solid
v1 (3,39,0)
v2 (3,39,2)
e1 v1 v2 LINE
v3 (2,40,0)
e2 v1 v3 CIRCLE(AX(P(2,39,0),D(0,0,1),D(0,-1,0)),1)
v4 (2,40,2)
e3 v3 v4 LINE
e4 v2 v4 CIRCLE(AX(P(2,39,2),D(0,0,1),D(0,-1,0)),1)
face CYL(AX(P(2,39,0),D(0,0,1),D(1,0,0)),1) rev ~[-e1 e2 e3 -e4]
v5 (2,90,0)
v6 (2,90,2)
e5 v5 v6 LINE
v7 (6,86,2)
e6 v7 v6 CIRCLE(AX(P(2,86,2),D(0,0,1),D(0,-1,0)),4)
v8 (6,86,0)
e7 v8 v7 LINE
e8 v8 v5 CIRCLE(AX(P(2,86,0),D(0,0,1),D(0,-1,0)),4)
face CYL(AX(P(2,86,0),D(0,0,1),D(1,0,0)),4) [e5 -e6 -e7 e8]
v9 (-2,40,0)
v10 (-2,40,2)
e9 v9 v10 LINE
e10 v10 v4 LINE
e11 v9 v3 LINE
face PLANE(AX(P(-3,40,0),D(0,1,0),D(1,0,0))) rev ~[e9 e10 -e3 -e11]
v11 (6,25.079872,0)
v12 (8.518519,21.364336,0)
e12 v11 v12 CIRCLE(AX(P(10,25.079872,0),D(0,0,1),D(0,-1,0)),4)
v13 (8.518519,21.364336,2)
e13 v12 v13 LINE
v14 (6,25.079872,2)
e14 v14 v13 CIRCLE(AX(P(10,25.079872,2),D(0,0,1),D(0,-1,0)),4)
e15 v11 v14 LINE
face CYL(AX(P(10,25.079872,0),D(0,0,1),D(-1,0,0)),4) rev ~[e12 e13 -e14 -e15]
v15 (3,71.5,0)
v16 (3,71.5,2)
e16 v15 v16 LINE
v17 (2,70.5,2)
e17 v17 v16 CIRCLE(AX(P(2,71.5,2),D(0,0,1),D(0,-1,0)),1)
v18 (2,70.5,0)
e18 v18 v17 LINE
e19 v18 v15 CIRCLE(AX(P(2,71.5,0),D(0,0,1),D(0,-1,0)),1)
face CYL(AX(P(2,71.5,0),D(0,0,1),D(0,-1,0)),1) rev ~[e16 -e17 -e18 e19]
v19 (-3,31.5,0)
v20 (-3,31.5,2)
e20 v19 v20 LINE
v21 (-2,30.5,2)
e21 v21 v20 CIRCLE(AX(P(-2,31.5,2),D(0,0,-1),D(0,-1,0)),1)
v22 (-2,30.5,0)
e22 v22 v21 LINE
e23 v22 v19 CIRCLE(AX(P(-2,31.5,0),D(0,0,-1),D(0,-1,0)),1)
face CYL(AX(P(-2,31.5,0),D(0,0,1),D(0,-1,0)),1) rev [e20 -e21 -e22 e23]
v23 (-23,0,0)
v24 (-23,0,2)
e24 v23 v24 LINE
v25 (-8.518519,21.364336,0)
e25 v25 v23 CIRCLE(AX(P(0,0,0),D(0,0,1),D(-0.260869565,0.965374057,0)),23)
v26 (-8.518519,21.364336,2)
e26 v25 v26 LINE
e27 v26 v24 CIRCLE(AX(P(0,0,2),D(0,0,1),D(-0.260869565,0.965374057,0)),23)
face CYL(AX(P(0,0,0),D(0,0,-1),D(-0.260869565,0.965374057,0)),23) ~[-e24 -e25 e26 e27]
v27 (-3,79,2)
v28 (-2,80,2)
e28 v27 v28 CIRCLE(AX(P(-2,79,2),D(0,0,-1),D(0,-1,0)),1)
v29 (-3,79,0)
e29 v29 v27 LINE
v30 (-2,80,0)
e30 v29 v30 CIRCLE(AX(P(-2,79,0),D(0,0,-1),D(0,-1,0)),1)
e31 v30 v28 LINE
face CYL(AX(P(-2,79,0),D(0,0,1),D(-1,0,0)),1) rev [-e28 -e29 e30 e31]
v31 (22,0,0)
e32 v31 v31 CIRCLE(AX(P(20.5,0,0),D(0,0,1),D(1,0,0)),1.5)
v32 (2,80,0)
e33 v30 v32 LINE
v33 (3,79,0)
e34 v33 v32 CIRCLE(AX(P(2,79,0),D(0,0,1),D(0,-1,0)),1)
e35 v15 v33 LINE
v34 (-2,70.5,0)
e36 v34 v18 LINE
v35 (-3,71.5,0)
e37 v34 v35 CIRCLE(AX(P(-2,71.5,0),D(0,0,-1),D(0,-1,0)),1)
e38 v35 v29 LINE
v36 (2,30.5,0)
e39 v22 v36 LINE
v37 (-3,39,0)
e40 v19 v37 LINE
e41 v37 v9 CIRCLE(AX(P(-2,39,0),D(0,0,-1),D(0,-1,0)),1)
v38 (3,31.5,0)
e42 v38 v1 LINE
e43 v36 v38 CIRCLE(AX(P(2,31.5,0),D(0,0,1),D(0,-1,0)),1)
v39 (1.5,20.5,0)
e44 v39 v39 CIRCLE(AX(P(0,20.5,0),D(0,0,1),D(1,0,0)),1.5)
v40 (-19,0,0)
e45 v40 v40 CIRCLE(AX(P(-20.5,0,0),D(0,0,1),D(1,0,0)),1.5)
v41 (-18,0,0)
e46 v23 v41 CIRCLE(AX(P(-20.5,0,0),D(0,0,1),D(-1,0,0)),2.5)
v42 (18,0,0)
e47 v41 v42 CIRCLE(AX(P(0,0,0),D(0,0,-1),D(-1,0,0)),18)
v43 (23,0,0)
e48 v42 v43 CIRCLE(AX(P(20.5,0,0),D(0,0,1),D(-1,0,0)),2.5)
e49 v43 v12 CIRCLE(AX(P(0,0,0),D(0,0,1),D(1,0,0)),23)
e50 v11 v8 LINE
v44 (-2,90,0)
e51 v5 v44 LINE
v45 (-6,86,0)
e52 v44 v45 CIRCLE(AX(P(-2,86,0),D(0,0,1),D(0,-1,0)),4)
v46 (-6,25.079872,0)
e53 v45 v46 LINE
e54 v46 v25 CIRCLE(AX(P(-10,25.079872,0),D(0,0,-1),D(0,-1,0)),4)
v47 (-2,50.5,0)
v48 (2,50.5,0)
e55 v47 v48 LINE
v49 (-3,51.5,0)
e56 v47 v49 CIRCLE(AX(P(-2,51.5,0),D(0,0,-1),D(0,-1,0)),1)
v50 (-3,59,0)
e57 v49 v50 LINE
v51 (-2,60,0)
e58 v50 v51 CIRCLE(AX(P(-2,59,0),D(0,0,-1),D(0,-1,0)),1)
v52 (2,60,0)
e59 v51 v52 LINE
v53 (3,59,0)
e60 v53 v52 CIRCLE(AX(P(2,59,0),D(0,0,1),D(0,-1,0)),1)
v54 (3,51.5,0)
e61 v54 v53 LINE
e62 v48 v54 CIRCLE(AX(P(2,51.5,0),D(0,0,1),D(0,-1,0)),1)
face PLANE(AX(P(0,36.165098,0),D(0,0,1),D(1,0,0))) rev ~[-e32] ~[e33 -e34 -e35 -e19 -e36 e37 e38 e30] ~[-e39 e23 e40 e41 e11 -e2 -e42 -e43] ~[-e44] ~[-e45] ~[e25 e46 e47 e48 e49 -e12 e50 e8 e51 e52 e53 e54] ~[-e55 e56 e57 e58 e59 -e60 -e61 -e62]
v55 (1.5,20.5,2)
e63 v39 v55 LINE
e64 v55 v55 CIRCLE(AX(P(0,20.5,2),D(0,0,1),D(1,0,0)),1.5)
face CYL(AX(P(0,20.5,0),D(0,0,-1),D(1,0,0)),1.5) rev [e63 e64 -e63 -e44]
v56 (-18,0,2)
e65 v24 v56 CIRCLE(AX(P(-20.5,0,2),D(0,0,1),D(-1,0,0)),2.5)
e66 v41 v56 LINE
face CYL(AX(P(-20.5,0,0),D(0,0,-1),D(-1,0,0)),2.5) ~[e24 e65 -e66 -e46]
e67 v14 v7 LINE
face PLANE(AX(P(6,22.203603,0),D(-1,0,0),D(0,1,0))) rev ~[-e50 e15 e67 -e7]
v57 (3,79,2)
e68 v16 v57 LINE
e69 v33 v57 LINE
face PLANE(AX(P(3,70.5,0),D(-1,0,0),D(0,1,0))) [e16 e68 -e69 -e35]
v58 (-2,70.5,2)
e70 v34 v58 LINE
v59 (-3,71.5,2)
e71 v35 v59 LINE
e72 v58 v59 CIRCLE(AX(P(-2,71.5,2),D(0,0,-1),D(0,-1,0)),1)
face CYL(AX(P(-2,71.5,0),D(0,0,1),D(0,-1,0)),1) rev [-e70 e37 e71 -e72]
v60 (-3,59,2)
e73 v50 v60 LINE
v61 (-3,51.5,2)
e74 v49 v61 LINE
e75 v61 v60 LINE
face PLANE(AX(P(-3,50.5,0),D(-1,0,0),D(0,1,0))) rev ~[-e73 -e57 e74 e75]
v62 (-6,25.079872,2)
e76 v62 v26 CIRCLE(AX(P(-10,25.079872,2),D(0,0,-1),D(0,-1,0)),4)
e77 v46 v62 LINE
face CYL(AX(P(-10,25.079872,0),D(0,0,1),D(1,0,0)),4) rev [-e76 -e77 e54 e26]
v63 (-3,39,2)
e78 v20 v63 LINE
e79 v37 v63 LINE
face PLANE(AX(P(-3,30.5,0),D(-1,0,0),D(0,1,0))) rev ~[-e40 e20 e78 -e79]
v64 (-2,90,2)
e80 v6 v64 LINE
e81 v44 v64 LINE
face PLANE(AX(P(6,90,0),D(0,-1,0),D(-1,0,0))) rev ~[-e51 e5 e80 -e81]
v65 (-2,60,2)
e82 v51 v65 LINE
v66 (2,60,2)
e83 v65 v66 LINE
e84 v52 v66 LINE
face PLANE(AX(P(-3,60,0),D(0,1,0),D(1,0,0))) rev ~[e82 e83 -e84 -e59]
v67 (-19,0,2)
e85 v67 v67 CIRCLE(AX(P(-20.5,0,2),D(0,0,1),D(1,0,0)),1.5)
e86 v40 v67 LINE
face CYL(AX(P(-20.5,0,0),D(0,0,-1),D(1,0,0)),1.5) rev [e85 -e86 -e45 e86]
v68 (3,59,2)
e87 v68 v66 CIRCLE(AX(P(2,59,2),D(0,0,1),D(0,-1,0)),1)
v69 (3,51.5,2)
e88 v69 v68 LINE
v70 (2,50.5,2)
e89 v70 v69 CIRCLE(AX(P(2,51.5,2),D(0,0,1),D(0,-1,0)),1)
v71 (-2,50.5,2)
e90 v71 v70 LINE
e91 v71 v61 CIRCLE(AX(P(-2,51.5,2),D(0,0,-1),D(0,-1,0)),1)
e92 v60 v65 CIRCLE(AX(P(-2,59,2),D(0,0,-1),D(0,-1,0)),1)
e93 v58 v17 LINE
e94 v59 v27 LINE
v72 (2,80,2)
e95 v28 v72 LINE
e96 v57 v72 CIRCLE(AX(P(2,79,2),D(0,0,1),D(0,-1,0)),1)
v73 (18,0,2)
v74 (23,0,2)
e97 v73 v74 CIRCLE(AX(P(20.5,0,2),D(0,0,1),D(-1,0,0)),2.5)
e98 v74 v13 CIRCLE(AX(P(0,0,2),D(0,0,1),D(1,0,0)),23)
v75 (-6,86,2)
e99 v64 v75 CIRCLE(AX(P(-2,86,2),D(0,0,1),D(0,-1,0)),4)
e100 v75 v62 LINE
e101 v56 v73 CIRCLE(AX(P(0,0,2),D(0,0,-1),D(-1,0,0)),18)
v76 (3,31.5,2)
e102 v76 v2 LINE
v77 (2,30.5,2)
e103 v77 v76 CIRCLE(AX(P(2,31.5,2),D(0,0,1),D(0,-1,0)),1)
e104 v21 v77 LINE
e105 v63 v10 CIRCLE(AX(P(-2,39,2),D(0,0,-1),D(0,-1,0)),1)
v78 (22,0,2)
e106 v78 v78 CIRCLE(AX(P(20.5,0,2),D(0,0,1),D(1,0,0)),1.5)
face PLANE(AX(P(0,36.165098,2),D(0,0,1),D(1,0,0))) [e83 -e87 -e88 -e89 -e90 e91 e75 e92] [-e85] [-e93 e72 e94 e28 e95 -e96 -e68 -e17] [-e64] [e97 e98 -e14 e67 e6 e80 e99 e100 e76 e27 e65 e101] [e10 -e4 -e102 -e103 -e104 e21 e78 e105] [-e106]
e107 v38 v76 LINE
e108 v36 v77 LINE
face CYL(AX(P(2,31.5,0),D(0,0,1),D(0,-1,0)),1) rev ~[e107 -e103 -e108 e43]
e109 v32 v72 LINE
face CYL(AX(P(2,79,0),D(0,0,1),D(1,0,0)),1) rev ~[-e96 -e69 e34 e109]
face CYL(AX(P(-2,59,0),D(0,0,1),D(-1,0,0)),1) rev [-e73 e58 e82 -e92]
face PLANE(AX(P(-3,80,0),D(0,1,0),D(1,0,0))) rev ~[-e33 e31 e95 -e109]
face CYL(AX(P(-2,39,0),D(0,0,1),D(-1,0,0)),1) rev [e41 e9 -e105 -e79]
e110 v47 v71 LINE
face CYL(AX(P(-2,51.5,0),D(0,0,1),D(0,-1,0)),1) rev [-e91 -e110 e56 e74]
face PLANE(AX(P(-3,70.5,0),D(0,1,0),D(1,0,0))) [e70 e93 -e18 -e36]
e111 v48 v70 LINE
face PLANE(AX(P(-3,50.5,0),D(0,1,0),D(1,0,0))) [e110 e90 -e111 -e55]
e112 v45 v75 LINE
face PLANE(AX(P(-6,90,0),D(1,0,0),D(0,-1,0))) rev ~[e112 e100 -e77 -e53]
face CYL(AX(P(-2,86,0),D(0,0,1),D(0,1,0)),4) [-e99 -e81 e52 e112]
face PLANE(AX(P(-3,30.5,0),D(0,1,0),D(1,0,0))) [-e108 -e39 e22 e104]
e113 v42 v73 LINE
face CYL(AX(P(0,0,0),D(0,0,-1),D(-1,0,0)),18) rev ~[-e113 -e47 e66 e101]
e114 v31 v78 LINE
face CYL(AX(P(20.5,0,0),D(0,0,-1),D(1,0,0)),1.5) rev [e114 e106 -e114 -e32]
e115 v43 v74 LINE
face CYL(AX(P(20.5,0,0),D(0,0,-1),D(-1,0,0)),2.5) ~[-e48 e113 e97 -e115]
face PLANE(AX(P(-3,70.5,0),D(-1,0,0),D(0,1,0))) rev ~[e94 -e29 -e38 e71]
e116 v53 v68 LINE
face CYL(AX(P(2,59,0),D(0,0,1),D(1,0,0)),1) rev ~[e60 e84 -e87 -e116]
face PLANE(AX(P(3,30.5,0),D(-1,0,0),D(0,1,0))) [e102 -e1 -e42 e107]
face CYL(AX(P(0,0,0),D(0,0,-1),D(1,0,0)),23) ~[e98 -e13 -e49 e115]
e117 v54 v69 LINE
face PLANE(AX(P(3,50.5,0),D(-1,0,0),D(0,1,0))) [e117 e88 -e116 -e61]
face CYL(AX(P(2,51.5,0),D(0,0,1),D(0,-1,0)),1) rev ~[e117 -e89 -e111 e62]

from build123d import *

# Parameters (mm, degrees)
SKETCH_1_W      = 6
SKETCH_1_H      = 9.5
SKETCH_1_R      = 1.5
EXTRUDE_1_DEPTH = 2
FILLET_1_R      = 1
FILLET_2_R      = 4


with BuildPart() as part:
    # 草图1 → 凸台-拉伸1 (new body)
    with BuildSketch(Plane.XY):
        with BuildLine():
            Line((6, 22.203603311), (6, 90))
            Line((6, 90), (-6, 90))
            Line((-6, 90), (-6, 22.203603311))
            ThreePointArc((-6, 22.203603311), (-18.261982368, 13.982131454), (-23, 0))
            ThreePointArc((-23, 0), (-20.5, -2.5), (-18, 0))
            ThreePointArc((-18, 0), (0, 18), (18, 0))
            ThreePointArc((18, 0), (20.5, -2.5), (23, 0))
            ThreePointArc((23, 0), (18.261982368, 13.982131454), (6, 22.203603311))
        make_face()
        with Locations((0, 35.25)):
            Rectangle(SKETCH_1_W, SKETCH_1_H, mode=Mode.SUBTRACT)
        with Locations((0, 55.25)):
            Rectangle(SKETCH_1_W, SKETCH_1_H, mode=Mode.SUBTRACT)
        with Locations((0, 75.25)):
            Rectangle(SKETCH_1_W, SKETCH_1_H, mode=Mode.SUBTRACT)
        with Locations((0, 20.5)):
            Circle(SKETCH_1_R, mode=Mode.SUBTRACT)
        with Locations((20.5, 0)):
            Circle(SKETCH_1_R, mode=Mode.SUBTRACT)
        with Locations((-20.5, 0)):
            Circle(SKETCH_1_R, mode=Mode.SUBTRACT)
    extrude(amount=EXTRUDE_1_DEPTH)

    # 圆角1
    fillet_1_edges = [part.edges().sort_by_distance(p)[0] for p in [
        (3, 30.5, 1),
        (3, 40, 1),
        (-3, 40, 1),
        (-3, 30.5, 1),
        (3, 50.5, 1),
        (3, 60, 1),
        (-3, 60, 1),
        (-3, 50.5, 1),
        (-3, 80, 1),
        (-3, 70.5, 1),
        (3, 70.5, 1),
        (3, 80, 1),
    ]]
    fillet(fillet_1_edges, radius=FILLET_1_R)

    # 圆角2
    fillet_2_edges = [part.edges().sort_by_distance(p)[0] for p in [
        (-6, 22.203603311, 1),
        (-6, 90, 1),
        (6, 90, 1),
        (6, 22.203603311, 1),
    ]]
    fillet(fillet_2_edges, radius=FILLET_2_R)


solid = part.part
